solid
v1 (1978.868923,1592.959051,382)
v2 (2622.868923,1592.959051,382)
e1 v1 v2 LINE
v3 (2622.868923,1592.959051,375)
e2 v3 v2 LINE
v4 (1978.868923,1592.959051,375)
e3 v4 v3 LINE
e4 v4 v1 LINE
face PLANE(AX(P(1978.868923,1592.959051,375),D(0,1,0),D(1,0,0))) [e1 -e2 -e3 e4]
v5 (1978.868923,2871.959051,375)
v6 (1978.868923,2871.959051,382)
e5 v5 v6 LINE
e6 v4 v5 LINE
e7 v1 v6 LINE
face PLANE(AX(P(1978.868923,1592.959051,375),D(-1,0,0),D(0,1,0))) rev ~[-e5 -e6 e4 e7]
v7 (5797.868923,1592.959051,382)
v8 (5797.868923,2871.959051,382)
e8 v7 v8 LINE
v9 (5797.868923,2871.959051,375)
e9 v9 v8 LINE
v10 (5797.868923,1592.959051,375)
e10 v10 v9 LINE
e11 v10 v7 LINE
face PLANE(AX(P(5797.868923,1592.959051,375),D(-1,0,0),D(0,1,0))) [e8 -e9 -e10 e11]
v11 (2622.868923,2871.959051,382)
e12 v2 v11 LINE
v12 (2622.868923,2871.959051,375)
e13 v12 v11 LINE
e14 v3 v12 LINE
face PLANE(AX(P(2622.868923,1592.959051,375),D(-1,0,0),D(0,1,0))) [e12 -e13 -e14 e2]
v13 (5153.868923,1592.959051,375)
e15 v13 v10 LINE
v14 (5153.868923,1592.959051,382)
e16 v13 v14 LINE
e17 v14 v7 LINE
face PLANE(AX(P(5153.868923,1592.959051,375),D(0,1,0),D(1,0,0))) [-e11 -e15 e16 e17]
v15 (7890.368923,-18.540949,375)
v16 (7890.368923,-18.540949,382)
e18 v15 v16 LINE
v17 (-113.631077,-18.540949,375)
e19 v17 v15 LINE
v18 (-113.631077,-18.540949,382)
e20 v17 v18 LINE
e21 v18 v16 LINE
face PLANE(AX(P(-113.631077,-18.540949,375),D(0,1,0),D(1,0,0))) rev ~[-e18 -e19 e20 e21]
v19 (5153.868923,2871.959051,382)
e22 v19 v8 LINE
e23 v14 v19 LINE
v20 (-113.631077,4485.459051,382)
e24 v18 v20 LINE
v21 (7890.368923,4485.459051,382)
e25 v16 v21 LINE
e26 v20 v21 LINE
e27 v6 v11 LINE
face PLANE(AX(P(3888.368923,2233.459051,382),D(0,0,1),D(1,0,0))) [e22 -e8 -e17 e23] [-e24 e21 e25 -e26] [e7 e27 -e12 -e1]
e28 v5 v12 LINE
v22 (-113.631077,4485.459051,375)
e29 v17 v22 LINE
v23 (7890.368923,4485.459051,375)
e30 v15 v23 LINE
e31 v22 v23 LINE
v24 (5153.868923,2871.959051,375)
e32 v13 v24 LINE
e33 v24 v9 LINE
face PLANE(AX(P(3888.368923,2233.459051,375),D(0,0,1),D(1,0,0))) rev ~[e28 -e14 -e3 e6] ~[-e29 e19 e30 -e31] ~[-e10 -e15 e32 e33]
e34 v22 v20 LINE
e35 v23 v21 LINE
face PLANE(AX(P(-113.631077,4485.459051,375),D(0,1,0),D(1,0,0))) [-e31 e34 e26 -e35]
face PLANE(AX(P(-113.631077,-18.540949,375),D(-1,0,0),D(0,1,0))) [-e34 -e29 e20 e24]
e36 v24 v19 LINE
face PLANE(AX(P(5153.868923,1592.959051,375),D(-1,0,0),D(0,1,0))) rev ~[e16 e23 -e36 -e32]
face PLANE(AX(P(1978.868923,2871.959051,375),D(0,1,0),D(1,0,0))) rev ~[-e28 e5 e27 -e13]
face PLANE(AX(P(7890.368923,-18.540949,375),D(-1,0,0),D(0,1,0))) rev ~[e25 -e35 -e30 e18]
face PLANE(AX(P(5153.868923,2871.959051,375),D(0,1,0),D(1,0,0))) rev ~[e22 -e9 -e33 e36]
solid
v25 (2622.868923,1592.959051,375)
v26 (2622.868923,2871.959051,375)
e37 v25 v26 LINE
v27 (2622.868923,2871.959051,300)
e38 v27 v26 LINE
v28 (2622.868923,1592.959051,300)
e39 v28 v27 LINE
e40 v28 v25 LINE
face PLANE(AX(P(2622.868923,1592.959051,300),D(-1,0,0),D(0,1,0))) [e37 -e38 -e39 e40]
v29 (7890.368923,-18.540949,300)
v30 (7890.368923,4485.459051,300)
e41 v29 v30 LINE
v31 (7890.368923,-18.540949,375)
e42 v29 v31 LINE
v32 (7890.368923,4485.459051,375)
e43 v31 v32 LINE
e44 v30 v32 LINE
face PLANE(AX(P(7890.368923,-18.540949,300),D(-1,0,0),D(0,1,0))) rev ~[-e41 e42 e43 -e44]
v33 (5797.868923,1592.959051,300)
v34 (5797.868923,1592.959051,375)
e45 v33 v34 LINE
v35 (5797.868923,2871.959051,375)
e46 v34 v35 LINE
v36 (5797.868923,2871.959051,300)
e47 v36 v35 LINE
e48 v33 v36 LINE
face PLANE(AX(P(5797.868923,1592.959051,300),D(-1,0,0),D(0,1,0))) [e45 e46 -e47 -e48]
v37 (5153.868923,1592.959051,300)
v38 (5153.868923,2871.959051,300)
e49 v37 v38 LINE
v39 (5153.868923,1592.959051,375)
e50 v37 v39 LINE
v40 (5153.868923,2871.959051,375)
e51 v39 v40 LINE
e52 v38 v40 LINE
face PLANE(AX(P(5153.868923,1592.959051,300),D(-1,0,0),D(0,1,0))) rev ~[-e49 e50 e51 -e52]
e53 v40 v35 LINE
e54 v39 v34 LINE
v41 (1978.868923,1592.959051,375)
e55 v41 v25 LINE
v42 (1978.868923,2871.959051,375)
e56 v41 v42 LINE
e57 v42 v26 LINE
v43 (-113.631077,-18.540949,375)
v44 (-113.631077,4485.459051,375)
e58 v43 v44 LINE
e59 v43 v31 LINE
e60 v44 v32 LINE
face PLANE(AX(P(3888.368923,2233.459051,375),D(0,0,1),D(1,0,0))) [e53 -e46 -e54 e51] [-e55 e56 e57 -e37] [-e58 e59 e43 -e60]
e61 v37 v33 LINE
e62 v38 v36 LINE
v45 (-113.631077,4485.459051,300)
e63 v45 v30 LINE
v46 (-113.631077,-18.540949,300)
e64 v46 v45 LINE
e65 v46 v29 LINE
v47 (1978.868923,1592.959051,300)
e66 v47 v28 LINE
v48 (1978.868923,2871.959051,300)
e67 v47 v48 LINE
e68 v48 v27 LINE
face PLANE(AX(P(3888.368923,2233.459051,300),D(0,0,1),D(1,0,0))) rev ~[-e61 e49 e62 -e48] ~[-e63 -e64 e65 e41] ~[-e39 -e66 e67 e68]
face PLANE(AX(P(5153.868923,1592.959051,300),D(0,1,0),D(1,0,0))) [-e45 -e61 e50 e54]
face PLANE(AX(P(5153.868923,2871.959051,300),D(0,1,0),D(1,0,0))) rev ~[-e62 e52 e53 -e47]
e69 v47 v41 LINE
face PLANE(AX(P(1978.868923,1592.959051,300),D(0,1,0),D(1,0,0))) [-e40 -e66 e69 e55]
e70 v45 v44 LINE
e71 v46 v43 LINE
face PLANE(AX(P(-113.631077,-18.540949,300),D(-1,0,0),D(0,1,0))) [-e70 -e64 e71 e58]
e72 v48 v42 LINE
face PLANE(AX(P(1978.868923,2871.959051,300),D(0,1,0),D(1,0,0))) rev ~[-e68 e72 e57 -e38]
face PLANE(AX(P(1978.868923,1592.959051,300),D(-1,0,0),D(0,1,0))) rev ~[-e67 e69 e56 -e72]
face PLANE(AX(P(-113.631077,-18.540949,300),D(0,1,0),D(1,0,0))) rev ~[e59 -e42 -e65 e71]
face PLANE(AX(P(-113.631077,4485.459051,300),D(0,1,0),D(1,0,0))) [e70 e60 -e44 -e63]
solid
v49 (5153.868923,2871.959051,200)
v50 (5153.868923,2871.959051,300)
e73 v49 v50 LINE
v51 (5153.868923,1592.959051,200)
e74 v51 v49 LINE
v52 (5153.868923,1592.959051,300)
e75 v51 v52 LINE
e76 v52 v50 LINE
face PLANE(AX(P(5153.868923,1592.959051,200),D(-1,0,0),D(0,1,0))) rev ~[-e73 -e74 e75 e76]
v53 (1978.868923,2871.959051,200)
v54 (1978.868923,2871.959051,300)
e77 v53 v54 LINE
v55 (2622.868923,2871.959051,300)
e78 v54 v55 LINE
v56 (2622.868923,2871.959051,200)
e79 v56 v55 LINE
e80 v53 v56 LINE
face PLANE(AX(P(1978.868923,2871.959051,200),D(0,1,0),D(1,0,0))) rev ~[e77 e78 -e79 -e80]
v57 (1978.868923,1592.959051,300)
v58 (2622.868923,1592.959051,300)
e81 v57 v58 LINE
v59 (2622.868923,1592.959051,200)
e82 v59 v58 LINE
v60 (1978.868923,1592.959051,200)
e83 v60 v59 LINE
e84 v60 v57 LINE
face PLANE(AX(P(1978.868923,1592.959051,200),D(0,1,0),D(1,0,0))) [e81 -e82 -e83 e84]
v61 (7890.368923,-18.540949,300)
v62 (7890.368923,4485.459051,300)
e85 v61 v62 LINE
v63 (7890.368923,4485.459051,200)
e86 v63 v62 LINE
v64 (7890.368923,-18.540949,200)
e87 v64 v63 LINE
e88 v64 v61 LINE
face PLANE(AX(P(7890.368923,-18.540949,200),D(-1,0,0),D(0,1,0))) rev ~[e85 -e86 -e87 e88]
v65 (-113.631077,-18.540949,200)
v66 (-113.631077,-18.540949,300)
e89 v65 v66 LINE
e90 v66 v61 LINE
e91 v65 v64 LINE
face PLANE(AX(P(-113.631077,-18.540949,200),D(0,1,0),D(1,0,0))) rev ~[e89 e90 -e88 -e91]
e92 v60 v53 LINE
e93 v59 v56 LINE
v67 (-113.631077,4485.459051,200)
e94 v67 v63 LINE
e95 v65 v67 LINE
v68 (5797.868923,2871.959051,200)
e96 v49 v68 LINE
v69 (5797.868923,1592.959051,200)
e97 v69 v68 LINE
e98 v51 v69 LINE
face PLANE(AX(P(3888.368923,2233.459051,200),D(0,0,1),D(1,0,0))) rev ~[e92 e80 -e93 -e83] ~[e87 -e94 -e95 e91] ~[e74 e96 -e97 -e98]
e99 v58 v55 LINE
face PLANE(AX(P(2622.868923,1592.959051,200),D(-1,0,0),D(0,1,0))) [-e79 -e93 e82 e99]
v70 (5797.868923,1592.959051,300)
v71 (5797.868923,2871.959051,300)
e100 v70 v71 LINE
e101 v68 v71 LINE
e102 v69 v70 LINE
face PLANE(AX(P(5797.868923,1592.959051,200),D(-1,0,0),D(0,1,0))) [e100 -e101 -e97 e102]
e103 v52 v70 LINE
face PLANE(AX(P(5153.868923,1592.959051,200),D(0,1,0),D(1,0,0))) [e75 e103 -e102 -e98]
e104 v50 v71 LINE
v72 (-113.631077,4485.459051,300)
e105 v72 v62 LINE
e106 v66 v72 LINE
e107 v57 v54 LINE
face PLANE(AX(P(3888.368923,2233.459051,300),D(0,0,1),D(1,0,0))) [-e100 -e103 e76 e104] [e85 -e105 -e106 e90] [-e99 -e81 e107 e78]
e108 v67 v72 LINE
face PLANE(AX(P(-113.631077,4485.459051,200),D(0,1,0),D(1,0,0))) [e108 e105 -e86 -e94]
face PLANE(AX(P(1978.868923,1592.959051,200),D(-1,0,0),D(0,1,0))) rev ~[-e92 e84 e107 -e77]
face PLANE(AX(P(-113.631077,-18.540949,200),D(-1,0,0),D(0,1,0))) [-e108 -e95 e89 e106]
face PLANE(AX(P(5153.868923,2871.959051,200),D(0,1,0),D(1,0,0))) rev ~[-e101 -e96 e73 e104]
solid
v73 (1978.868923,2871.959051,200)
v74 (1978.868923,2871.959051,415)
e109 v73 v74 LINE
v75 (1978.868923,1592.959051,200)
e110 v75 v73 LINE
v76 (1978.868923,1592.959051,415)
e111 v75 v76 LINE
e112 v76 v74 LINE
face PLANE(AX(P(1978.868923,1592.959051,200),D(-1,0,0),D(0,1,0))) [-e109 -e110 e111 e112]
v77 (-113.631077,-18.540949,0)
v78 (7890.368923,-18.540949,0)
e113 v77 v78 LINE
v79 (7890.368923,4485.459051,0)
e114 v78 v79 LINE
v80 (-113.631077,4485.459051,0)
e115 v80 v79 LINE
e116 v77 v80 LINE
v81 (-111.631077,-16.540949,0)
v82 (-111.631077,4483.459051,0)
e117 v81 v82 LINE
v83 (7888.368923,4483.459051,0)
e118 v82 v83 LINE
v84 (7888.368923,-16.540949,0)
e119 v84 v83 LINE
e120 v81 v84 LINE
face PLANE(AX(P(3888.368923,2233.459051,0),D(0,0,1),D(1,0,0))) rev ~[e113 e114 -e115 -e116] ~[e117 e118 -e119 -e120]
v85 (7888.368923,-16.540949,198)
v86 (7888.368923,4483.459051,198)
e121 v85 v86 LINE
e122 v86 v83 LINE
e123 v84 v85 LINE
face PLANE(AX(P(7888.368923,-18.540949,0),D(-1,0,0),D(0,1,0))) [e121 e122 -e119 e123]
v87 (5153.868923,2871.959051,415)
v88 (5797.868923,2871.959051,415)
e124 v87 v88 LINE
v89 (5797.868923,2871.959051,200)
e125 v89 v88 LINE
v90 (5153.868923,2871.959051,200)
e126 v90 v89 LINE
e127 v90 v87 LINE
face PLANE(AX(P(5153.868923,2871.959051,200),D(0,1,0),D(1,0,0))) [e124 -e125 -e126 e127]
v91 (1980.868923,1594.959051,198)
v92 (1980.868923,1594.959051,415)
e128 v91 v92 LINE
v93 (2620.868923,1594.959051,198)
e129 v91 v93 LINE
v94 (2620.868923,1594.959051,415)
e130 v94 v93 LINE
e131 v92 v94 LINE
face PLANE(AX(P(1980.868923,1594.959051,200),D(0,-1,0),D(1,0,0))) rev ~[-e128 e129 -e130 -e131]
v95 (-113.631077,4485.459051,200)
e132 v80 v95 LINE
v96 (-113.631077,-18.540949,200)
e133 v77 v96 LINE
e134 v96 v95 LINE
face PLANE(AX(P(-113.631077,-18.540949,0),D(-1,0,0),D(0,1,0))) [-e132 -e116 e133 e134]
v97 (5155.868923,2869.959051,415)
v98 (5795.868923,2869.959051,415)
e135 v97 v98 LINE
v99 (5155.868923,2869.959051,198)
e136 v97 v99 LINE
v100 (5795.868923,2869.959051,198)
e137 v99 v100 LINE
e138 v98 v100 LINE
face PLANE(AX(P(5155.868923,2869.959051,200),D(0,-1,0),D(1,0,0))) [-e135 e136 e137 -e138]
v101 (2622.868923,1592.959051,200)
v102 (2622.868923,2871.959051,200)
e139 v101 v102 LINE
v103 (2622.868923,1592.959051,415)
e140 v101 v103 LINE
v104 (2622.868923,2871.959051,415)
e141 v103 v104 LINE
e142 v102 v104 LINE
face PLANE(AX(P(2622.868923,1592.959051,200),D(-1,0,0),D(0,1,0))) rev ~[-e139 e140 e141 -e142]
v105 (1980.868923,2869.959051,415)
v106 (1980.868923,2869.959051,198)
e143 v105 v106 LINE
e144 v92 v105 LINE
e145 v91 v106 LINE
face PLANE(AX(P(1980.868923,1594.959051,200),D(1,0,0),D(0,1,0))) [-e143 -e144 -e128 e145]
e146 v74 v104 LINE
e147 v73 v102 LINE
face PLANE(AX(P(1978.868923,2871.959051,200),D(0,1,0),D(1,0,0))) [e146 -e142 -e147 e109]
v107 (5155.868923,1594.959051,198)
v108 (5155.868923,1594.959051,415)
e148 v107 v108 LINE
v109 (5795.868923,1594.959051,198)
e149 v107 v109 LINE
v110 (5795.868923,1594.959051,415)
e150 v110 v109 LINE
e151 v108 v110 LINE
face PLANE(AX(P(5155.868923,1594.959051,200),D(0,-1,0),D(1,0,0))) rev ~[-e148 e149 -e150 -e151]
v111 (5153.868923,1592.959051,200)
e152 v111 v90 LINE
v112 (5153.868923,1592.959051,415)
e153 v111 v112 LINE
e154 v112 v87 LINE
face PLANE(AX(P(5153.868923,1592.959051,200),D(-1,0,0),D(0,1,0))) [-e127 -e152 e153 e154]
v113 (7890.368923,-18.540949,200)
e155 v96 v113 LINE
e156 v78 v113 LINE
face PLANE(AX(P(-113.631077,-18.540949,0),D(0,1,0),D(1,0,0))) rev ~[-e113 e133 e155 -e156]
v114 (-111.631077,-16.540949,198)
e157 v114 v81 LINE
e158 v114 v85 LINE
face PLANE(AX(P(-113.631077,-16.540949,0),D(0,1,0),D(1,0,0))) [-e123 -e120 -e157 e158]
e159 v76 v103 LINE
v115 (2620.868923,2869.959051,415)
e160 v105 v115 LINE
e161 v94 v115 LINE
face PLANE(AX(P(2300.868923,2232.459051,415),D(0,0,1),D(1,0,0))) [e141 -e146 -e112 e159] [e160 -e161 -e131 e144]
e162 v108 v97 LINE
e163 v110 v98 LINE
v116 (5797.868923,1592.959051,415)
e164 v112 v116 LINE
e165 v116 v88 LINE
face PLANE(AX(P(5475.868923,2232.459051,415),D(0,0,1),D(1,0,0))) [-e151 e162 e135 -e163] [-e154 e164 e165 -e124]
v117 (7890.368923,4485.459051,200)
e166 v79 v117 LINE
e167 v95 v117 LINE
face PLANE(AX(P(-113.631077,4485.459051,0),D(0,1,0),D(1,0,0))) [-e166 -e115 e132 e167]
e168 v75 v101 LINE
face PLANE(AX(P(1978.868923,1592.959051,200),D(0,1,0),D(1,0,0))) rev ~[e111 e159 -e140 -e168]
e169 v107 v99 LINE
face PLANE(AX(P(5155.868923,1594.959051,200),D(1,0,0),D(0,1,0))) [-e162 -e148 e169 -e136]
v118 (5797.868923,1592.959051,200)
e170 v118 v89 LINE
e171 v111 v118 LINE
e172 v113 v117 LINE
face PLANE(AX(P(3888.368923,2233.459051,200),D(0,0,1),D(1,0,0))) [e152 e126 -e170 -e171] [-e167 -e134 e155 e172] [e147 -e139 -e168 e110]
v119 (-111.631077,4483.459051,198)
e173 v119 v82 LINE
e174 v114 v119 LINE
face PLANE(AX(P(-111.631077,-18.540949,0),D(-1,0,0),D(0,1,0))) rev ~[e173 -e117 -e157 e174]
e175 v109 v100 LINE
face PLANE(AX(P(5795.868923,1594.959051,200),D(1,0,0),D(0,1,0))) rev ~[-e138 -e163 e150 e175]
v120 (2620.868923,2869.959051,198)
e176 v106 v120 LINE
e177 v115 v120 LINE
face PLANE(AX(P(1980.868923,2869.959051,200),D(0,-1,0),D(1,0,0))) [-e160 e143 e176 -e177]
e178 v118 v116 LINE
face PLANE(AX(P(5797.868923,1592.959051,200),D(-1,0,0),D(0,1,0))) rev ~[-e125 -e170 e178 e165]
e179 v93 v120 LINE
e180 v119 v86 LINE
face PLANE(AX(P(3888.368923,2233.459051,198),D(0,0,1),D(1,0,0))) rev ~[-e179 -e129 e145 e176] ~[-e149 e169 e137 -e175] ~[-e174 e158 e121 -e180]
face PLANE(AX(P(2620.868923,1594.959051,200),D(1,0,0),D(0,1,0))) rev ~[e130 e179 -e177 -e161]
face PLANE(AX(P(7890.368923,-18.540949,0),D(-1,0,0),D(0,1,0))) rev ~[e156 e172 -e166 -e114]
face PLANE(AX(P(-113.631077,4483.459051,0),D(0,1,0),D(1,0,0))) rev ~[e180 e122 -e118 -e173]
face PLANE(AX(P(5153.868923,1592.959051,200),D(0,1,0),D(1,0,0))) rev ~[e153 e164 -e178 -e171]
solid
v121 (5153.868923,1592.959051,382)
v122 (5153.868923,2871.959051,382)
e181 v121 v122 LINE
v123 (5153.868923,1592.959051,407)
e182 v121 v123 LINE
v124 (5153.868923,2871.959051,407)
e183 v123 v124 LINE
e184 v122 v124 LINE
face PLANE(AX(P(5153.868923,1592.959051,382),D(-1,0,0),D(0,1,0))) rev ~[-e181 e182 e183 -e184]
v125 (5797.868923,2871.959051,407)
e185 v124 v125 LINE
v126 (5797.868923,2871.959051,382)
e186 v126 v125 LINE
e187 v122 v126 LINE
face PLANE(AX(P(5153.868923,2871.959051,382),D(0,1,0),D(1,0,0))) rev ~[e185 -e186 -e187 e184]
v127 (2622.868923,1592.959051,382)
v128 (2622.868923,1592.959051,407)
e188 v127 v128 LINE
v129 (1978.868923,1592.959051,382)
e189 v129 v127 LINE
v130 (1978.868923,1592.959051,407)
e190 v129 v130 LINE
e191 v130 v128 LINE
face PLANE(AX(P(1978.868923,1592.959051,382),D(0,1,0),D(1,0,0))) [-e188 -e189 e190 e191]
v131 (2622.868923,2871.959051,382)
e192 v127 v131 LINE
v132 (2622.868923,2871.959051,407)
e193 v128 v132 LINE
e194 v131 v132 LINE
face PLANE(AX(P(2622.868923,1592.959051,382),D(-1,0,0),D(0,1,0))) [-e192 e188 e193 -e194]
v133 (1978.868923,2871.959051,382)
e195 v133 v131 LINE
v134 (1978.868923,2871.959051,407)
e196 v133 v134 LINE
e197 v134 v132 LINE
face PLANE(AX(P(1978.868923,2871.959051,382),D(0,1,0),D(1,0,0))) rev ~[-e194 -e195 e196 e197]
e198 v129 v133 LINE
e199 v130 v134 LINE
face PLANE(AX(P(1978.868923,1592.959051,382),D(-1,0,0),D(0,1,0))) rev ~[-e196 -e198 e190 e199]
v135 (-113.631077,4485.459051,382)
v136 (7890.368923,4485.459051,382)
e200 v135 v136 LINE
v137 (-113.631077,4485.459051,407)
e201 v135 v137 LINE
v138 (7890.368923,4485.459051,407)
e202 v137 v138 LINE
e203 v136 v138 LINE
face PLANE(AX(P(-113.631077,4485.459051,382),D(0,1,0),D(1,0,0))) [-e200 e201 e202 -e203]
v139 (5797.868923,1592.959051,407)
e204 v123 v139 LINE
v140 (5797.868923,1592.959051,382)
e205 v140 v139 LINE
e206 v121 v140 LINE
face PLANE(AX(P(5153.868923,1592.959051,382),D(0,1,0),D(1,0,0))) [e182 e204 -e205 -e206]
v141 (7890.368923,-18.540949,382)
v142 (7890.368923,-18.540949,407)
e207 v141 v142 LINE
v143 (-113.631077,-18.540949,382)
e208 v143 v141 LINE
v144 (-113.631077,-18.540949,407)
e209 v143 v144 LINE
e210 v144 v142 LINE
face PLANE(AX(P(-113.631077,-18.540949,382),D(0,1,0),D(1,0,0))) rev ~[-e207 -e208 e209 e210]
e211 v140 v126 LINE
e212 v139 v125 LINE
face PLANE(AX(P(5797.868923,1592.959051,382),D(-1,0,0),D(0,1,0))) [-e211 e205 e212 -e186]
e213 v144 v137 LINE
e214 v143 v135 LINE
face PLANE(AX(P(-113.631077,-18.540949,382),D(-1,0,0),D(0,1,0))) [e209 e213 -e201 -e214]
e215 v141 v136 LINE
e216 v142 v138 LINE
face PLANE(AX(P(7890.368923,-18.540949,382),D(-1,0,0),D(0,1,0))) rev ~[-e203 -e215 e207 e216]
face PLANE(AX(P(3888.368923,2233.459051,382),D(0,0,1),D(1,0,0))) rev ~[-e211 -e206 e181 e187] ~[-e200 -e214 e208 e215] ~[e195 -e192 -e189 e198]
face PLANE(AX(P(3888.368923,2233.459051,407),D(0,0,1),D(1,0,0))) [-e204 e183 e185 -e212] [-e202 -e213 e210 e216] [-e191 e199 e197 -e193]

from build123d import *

# Parameters (mm, degrees)
F0_W      = 8004
F0_H      = 4504
F1_DEPTH  = 200
F2_T      = -2
F3_W      = 644
F3_H      = 1279
F3_W_2    = 640
F3_H_2    = 1275
F4_DEPTH  = 215
F5_DEPTH  = 2
F6_W      = 8004
F6_H      = 4504
F6_W_2    = 644
F6_H_2    = 1279
F7_DEPTH  = 100
F8_DEPTH  = 75
F9_DEPTH  = 7
F10_DEPTH = 25


with BuildPart() as f1:
    # F0 (on Top) → F1 (new body)
    with BuildSketch(Plane.XY):
        with Locations((3888.3689228892, 2233.4590513706)):
            Rectangle(F0_W, F0_H)
    extrude(amount=F1_DEPTH)

    # F2
    f2_openings = [f1.faces().sort_by_distance(p)[0] for p in [
        (3888.368923, 2233.459051, 0),
    ]]
    offset(amount=F2_T, openings=f2_openings)

    # F3 (on face) → F4 (join)
    with BuildSketch(Plane.XY.offset(200)):
        with Locations((5475.8689228892, 2232.4590513706)):
            Rectangle(F3_W, F3_H)
        with Locations((5475.8689228892, 2232.4590513706)):
            Rectangle(F3_W_2, F3_H_2, mode=Mode.SUBTRACT)
        with Locations((2300.8689228892, 2232.4590513706)):
            Rectangle(F3_W, F3_H)
        with Locations((2300.8689228892, 2232.4590513706)):
            Rectangle(F3_W_2, F3_H_2, mode=Mode.SUBTRACT)
    extrude(amount=F4_DEPTH)

    # F5 (cut): faces of the model
    f5_faces = [f1.faces().sort_by_distance(p)[0] for p in [
        (2300.8689228892, 2232.4590513706, 200),
        (5475.8689228892, 2232.4590513706, 200),
    ]]
    extrude(f5_faces, amount=-F5_DEPTH, mode=Mode.SUBTRACT)


with BuildPart() as f7:
    # F6 (on face) → F7 (new body)
    with BuildSketch(Plane.XY.offset(200)):
        with Locations((3888.3689228892, 2233.4590513706)):
            Rectangle(F6_W, F6_H)
        with Locations((2300.8689228892, 2232.4590513706)):
            Rectangle(F6_W_2, F6_H_2, mode=Mode.SUBTRACT)
        with Locations((5475.8689228892, 2232.4590513706)):
            Rectangle(F6_W_2, F6_H_2, mode=Mode.SUBTRACT)
    extrude(amount=F7_DEPTH)


with BuildPart() as f8:
    # F8 (new): a face of the model
    f8_faces = [f7.part.faces().sort_by_distance(p)[0] for p in [
        (3888.3689228892, 2233.5069358019, 300),
    ]]
    extrude(f8_faces, amount=F8_DEPTH)


with BuildPart() as f9:
    # F9 (new): a face of the model
    f9_faces = [f8.part.faces().sort_by_distance(p)[0] for p in [
        (3888.3689228892, 2233.5069358019, 375),
    ]]
    extrude(f9_faces, amount=F9_DEPTH)


with BuildPart() as f10:
    # F10 (new): a face of the model
    f10_faces = [f9.part.faces().sort_by_distance(p)[0] for p in [
        (3888.3689228892, 2233.5069358019, 382),
    ]]
    extrude(f10_faces, amount=F10_DEPTH)


solid = Compound([f1.part, f7.part, f8.part, f9.part, f10.part])
